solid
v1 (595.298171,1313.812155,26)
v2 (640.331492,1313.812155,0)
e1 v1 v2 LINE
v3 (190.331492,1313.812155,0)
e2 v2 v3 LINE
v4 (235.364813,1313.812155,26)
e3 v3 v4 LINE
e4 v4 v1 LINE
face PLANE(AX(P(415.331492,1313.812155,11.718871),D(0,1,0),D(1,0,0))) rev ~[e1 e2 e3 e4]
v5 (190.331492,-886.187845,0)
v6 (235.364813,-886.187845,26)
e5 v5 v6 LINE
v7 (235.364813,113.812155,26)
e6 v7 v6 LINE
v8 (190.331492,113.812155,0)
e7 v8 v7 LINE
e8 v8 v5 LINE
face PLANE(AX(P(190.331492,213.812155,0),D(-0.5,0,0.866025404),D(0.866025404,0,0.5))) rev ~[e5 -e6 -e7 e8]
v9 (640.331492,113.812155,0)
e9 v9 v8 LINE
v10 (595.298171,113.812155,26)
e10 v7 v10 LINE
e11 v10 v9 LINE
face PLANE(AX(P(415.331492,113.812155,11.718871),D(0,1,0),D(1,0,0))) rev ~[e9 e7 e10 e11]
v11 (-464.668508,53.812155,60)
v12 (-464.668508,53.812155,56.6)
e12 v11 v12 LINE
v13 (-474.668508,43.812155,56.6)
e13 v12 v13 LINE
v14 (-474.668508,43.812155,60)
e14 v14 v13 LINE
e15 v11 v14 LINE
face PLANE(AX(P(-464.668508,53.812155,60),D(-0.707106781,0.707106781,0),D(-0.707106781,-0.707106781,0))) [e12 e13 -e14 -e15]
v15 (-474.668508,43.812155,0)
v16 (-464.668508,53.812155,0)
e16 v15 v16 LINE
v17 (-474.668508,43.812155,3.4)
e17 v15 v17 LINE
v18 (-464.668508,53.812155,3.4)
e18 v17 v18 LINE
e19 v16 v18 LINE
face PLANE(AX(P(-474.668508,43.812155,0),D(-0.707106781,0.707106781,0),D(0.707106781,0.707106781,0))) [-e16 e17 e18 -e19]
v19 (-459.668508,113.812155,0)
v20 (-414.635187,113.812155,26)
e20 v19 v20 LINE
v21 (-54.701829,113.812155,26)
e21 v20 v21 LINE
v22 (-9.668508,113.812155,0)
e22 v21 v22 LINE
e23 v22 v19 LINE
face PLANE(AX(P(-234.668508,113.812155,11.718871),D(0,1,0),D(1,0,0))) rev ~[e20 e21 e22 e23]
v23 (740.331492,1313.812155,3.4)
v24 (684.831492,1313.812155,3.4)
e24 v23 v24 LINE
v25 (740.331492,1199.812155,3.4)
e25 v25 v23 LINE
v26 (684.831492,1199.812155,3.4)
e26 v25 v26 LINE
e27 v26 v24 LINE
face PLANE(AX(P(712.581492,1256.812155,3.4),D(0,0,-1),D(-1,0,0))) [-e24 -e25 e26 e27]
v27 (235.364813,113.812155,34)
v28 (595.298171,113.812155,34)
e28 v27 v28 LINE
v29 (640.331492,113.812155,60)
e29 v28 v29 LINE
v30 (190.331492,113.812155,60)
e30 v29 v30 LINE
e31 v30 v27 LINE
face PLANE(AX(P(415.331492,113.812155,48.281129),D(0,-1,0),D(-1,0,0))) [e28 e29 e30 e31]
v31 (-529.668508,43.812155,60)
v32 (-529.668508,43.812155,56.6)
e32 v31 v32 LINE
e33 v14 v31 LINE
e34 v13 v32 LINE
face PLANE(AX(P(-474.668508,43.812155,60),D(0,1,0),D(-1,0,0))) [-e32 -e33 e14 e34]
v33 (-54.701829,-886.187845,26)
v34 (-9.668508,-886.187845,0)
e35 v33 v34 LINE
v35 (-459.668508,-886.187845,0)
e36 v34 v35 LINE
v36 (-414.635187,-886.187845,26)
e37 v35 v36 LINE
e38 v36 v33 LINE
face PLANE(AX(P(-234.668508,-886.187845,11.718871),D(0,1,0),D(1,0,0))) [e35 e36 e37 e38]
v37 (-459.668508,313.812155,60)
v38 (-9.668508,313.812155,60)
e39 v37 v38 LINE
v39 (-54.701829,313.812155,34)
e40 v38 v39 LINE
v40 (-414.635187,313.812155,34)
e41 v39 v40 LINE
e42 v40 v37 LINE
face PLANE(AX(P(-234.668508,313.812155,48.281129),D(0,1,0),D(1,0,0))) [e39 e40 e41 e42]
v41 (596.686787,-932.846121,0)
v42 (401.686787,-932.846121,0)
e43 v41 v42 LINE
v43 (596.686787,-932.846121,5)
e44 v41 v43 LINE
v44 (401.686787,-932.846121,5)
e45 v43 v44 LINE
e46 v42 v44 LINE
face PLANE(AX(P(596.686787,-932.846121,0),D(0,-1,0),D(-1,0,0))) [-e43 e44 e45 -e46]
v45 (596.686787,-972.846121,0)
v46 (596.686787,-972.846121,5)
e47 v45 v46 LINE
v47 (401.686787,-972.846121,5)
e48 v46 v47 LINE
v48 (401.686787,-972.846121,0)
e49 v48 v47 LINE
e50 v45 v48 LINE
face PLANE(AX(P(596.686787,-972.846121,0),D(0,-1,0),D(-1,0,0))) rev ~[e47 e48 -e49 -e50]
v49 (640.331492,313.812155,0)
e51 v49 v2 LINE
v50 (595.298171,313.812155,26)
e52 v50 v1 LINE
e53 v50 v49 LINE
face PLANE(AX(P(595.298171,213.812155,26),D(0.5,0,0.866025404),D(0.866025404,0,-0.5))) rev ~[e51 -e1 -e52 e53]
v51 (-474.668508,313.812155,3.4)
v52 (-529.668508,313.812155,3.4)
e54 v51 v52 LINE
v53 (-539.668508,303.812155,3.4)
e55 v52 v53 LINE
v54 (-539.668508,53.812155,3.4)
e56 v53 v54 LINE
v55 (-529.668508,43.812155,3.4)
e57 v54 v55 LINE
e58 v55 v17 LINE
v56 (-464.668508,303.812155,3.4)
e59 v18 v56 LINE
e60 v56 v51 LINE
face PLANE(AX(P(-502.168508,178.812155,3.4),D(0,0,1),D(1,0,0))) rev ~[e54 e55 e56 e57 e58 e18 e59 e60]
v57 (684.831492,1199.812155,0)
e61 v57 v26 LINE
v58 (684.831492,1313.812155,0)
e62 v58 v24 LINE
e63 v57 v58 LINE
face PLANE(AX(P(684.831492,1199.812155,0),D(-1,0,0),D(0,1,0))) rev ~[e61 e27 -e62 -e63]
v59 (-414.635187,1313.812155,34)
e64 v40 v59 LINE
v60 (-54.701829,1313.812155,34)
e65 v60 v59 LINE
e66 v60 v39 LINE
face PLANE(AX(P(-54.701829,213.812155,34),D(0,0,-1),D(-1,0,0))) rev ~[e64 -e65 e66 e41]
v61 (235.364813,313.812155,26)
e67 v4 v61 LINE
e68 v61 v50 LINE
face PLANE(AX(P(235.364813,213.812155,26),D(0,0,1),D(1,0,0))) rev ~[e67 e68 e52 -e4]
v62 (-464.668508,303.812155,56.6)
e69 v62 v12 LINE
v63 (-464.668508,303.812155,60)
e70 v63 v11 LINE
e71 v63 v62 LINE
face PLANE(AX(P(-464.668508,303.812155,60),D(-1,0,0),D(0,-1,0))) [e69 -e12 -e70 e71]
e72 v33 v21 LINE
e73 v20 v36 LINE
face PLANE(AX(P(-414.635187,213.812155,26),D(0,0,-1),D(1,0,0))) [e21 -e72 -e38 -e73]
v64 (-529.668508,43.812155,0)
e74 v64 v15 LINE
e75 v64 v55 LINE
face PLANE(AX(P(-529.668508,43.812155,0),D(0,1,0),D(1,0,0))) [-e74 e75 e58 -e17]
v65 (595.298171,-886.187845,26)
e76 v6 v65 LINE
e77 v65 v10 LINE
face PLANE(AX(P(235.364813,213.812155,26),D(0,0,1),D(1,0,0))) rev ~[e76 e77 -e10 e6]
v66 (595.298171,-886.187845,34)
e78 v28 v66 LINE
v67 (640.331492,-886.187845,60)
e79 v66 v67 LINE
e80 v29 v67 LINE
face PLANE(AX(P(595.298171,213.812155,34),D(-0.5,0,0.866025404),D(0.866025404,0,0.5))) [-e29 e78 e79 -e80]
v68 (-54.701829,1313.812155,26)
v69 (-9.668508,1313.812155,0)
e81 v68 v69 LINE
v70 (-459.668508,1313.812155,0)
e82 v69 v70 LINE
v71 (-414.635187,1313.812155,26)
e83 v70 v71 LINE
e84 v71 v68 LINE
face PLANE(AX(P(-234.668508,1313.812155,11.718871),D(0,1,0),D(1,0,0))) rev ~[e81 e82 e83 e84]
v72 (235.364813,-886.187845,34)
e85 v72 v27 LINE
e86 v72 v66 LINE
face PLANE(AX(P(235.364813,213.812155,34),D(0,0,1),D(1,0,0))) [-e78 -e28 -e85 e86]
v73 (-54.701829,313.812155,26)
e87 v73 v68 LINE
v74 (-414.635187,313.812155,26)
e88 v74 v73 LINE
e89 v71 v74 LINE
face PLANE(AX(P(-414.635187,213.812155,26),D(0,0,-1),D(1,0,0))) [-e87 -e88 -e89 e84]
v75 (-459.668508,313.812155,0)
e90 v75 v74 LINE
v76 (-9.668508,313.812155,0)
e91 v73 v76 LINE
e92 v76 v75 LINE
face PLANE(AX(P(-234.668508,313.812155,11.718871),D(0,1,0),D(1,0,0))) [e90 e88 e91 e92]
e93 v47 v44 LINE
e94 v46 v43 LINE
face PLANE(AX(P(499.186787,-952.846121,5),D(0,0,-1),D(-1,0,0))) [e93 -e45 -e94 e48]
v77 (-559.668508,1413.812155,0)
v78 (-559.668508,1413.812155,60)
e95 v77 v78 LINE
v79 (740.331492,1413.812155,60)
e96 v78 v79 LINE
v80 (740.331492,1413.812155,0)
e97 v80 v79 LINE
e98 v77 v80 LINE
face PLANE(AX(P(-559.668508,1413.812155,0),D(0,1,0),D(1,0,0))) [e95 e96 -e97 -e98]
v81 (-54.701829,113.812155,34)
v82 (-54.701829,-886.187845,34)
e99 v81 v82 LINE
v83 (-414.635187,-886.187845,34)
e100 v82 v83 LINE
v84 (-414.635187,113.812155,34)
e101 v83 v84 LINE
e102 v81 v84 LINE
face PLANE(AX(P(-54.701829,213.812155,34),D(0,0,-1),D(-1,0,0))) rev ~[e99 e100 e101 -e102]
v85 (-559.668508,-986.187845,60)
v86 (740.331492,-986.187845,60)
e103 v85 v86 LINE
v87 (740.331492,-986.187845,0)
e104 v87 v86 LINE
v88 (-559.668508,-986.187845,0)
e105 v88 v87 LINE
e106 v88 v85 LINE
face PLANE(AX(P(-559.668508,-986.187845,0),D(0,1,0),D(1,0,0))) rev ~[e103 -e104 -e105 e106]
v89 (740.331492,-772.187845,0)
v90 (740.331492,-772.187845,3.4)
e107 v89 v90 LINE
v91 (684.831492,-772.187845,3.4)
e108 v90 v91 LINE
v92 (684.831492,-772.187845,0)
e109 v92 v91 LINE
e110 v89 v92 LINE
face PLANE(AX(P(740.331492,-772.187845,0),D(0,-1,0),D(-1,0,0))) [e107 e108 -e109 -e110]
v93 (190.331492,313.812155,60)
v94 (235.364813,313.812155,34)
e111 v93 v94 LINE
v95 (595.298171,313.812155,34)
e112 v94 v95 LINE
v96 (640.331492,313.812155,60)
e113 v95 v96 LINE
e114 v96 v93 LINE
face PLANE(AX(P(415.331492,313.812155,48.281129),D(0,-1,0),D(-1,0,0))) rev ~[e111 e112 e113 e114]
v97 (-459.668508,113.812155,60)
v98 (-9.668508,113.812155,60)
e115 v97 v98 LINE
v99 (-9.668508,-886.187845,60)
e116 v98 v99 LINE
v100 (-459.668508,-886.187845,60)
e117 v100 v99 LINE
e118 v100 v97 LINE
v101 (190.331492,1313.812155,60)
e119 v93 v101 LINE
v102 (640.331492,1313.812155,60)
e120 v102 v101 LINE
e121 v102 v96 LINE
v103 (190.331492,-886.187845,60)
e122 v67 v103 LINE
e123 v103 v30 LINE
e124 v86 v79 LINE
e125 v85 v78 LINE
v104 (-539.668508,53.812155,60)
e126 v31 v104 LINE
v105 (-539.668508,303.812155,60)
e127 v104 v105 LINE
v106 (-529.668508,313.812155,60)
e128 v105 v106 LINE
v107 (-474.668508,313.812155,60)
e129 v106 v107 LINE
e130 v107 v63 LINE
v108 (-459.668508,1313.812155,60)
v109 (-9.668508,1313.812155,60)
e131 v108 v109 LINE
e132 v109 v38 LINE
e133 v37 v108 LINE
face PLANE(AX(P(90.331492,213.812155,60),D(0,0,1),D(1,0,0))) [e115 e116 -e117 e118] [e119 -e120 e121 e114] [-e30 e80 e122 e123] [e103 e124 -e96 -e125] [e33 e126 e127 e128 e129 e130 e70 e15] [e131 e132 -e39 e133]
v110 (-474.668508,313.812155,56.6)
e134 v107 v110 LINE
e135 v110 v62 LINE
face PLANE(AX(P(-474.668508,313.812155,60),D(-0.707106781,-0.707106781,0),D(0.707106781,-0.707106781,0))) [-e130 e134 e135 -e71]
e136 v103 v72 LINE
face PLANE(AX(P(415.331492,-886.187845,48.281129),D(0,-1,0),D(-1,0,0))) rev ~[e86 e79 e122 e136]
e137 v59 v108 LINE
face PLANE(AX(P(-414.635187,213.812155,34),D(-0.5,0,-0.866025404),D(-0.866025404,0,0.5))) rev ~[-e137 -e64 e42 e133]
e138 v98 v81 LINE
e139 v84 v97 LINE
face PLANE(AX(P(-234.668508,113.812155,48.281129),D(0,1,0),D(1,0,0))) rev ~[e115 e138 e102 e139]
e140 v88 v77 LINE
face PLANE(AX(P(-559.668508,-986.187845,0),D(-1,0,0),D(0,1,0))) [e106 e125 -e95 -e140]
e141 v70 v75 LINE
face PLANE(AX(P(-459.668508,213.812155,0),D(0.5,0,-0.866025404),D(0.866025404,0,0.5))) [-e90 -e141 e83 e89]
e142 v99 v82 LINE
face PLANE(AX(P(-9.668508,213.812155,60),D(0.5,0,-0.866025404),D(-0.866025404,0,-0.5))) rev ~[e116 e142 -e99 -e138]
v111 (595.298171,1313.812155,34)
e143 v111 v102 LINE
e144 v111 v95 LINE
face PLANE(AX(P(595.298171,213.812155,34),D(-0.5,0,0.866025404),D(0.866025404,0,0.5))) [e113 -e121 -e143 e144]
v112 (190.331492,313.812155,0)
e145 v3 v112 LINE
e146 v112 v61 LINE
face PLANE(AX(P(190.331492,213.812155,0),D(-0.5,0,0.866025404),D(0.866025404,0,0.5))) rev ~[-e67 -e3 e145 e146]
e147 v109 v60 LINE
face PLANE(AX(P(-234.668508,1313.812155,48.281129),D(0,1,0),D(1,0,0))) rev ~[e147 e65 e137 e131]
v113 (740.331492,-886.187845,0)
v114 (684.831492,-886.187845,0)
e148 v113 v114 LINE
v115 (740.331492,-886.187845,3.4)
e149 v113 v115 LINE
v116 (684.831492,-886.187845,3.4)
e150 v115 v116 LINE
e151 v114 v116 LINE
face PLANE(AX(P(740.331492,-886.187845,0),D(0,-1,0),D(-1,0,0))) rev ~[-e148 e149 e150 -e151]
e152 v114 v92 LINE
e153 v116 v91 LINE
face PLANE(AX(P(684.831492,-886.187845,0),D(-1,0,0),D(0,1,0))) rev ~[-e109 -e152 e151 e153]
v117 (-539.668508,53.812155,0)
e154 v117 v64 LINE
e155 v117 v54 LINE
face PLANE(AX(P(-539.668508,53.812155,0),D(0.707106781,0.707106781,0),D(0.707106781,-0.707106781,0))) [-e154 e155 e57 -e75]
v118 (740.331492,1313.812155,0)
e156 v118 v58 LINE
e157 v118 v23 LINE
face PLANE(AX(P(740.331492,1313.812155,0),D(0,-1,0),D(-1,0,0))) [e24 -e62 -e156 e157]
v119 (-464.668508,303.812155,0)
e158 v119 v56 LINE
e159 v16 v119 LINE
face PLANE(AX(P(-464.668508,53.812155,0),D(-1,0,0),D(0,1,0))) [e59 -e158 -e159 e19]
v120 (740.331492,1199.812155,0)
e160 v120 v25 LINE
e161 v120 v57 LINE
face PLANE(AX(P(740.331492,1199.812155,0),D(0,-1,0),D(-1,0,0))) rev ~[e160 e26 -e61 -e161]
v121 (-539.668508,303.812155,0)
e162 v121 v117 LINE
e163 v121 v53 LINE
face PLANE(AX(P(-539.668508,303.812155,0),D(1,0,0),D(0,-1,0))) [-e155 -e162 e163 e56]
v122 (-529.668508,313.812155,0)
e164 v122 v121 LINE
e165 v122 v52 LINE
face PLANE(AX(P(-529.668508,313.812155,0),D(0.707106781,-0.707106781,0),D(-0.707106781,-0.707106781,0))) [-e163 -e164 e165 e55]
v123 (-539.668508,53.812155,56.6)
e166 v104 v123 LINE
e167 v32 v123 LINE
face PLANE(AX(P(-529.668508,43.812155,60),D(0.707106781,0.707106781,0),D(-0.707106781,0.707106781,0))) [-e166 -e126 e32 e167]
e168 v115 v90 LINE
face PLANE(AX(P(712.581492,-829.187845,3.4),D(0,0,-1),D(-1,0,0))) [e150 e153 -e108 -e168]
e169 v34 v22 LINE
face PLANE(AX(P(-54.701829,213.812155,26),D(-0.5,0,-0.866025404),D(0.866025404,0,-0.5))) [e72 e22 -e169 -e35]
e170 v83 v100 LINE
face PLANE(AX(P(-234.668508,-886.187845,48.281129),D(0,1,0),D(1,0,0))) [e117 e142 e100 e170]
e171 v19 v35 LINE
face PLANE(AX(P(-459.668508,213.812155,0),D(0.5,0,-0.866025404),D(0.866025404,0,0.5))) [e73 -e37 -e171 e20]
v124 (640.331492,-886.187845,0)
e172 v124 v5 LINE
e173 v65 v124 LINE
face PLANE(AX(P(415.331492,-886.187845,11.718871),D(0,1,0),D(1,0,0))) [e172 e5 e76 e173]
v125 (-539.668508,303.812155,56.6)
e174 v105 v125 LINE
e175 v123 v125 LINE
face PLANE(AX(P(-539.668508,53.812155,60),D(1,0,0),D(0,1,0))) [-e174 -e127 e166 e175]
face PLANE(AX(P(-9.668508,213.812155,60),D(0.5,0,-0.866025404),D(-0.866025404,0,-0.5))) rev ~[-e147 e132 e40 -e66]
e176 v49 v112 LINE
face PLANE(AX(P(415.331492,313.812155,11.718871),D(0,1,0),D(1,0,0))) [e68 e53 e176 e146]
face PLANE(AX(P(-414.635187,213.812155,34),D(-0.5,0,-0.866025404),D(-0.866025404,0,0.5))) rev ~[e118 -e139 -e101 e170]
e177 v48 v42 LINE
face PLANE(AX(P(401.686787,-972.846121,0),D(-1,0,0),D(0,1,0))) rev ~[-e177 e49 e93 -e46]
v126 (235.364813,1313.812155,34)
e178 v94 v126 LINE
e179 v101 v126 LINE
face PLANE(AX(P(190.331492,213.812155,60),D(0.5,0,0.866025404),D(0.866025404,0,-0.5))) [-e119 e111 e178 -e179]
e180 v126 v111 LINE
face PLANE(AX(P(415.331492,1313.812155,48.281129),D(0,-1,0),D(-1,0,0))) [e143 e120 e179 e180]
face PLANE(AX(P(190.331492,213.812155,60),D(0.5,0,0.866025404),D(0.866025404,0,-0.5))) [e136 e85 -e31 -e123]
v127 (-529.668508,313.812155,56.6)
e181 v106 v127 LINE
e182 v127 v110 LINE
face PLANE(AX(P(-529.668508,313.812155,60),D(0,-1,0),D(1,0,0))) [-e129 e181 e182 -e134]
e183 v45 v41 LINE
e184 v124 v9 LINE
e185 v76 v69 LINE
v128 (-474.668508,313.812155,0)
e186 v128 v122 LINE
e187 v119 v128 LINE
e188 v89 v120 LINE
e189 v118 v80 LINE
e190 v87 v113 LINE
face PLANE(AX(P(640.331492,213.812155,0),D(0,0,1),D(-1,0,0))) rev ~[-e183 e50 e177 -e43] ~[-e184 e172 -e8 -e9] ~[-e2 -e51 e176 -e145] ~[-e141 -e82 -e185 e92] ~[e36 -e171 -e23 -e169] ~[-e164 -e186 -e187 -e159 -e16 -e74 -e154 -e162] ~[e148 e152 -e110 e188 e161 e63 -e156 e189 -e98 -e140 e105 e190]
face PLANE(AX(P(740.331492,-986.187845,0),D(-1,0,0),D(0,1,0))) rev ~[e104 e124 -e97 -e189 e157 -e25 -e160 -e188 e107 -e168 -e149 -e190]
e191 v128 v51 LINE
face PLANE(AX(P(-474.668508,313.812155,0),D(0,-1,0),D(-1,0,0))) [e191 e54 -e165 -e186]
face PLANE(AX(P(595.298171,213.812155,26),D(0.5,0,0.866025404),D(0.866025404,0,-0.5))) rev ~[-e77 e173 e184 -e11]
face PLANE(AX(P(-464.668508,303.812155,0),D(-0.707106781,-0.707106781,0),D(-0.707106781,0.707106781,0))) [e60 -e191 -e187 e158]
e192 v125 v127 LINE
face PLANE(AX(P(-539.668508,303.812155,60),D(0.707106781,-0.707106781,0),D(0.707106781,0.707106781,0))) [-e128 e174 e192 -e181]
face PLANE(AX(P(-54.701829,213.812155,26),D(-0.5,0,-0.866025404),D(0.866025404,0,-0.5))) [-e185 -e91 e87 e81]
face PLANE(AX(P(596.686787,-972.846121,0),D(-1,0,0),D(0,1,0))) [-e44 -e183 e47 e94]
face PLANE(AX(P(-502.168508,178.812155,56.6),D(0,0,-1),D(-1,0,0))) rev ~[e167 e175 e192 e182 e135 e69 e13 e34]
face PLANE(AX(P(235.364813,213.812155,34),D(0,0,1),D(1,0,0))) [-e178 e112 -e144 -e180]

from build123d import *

# Parameters (mm, degrees)
SKETCH1_W                = 1300
SKETCH1_H                = 2400
BOSS_EXTRUDE1_DEPTH      = 60
CUT_EXTRUDE4_DEPTH       = 1100
CUT_EXTRUDE4_DEPTH_BACK  = 1100
BOSS_EXTRUDE2_DEPTH      = 100
BOSS_EXTRUDE2_DEPTH_BACK = 100
SKETCH7_W                = 55.5
SKETCH7_H                = 114
CUT_EXTRUDE5_DEPTH       = 3.4
CUT_EXTRUDE6_DEPTH       = 3.4
SKETCH13_W               = 195
SKETCH13_H               = 40
CUT_EXTRUDE7_DEPTH       = 5


with BuildPart() as part:
    # Sketch1 → Boss-Extrude1 (new body)
    with BuildSketch(Plane.XY):
        with Locations((90.331491713, 213.812154696)):
            Rectangle(SKETCH1_W, SKETCH1_H)
    extrude(amount=BOSS_EXTRUDE1_DEPTH)

    # Sketch5 → Cut-Extrude4 (cut, two sides)
    with BuildSketch(Plane(origin=(0, 213.812154696, 0), x_dir=(-1, 0, 0), z_dir=(0, -1, 0))) as cut_extrude4_sk:
        Polygon((-190.331491713, 0), (-235.364812709, -26), (-595.298170716, -26), (-640.331491713, 0), align=None)
        Polygon((9.668508287, 0), (459.668508287, 0), (414.635187291, -26), (54.701829284, -26), align=None)
        Polygon((414.635187291, -34), (459.668508287, -60), (9.668508287, -60), (54.701829284, -34), align=None)
        Polygon((-190.331491713, -60), (-235.364812709, -34), (-595.298170716, -34), (-640.331491713, -60), align=None)
    extrude(amount=CUT_EXTRUDE4_DEPTH, mode=Mode.SUBTRACT)
    extrude(cut_extrude4_sk.sketch, amount=-CUT_EXTRUDE4_DEPTH_BACK, mode=Mode.SUBTRACT)

    # Sketch6 → Boss-Extrude2 (add, two sides)
    with BuildSketch(Plane(origin=(0, 213.812154696, 0), x_dir=(-1, 0, 0), z_dir=(0, -1, 0))) as boss_extrude2_sk:
        Polygon((-190.331491713, 0), (-235.364812709, -26), (-595.298170716, -26), (-640.331491713, 0), align=None)
        Polygon((9.668508287, 0), (459.668508287, 0), (414.635187291, -26), (54.701829284, -26), align=None)
        Polygon((414.635187291, -34), (459.668508287, -60), (9.668508287, -60), (54.701829284, -34), align=None)
        Polygon((-190.331491713, -60), (-235.364812709, -34), (-595.298170716, -34), (-640.331491713, -60), align=None)
    extrude(amount=BOSS_EXTRUDE2_DEPTH)
    extrude(boss_extrude2_sk.sketch, amount=-BOSS_EXTRUDE2_DEPTH_BACK)

    # Sketch7 → Cut-Extrude5 (cut)
    with BuildSketch(Plane(origin=(0, 0, 0), x_dir=(-1, 0, 0), z_dir=(0, 0, -1))):
        with Locations((-712.581491713, 1256.812154696)):
            Rectangle(SKETCH7_W, SKETCH7_H)
        with Locations((-712.581491713, -829.187845304)):
            Rectangle(SKETCH7_W, SKETCH7_H)
        Polygon((474.668508287, 313.812154696), (529.668508287, 313.812154696), (539.668508287, 303.812154696), (539.668508287, 53.812154696), (529.668508287, 43.812154696), (474.668508287, 43.812154696), (464.668508287, 53.812154696), (464.668508287, 303.812154696), align=None)
    extrude(amount=-CUT_EXTRUDE5_DEPTH, mode=Mode.SUBTRACT)

    # Sketch10 → Cut-Extrude6 (cut)
    with BuildSketch(Plane.XY.offset(60)):
        Polygon((-529.668508287, 313.812154696), (-474.668508287, 313.812154696), (-464.668508287, 303.812154696), (-464.668508287, 53.812154696), (-474.668508287, 43.812154696), (-529.668508287, 43.812154696), (-539.668508287, 53.812154696), (-539.668508287, 303.812154696), align=None)
    extrude(amount=-CUT_EXTRUDE6_DEPTH, mode=Mode.SUBTRACT)

    # Sketch13 → Cut-Extrude7 (cut)
    with BuildSketch(Plane(origin=(0, 0, 0), x_dir=(-1, 0, 0), z_dir=(0, 0, -1))):
        with Locations((-499.186786697, -952.846120584)):
            Rectangle(SKETCH13_W, SKETCH13_H)
    extrude(amount=-CUT_EXTRUDE7_DEPTH, mode=Mode.SUBTRACT)


solid = part.part
